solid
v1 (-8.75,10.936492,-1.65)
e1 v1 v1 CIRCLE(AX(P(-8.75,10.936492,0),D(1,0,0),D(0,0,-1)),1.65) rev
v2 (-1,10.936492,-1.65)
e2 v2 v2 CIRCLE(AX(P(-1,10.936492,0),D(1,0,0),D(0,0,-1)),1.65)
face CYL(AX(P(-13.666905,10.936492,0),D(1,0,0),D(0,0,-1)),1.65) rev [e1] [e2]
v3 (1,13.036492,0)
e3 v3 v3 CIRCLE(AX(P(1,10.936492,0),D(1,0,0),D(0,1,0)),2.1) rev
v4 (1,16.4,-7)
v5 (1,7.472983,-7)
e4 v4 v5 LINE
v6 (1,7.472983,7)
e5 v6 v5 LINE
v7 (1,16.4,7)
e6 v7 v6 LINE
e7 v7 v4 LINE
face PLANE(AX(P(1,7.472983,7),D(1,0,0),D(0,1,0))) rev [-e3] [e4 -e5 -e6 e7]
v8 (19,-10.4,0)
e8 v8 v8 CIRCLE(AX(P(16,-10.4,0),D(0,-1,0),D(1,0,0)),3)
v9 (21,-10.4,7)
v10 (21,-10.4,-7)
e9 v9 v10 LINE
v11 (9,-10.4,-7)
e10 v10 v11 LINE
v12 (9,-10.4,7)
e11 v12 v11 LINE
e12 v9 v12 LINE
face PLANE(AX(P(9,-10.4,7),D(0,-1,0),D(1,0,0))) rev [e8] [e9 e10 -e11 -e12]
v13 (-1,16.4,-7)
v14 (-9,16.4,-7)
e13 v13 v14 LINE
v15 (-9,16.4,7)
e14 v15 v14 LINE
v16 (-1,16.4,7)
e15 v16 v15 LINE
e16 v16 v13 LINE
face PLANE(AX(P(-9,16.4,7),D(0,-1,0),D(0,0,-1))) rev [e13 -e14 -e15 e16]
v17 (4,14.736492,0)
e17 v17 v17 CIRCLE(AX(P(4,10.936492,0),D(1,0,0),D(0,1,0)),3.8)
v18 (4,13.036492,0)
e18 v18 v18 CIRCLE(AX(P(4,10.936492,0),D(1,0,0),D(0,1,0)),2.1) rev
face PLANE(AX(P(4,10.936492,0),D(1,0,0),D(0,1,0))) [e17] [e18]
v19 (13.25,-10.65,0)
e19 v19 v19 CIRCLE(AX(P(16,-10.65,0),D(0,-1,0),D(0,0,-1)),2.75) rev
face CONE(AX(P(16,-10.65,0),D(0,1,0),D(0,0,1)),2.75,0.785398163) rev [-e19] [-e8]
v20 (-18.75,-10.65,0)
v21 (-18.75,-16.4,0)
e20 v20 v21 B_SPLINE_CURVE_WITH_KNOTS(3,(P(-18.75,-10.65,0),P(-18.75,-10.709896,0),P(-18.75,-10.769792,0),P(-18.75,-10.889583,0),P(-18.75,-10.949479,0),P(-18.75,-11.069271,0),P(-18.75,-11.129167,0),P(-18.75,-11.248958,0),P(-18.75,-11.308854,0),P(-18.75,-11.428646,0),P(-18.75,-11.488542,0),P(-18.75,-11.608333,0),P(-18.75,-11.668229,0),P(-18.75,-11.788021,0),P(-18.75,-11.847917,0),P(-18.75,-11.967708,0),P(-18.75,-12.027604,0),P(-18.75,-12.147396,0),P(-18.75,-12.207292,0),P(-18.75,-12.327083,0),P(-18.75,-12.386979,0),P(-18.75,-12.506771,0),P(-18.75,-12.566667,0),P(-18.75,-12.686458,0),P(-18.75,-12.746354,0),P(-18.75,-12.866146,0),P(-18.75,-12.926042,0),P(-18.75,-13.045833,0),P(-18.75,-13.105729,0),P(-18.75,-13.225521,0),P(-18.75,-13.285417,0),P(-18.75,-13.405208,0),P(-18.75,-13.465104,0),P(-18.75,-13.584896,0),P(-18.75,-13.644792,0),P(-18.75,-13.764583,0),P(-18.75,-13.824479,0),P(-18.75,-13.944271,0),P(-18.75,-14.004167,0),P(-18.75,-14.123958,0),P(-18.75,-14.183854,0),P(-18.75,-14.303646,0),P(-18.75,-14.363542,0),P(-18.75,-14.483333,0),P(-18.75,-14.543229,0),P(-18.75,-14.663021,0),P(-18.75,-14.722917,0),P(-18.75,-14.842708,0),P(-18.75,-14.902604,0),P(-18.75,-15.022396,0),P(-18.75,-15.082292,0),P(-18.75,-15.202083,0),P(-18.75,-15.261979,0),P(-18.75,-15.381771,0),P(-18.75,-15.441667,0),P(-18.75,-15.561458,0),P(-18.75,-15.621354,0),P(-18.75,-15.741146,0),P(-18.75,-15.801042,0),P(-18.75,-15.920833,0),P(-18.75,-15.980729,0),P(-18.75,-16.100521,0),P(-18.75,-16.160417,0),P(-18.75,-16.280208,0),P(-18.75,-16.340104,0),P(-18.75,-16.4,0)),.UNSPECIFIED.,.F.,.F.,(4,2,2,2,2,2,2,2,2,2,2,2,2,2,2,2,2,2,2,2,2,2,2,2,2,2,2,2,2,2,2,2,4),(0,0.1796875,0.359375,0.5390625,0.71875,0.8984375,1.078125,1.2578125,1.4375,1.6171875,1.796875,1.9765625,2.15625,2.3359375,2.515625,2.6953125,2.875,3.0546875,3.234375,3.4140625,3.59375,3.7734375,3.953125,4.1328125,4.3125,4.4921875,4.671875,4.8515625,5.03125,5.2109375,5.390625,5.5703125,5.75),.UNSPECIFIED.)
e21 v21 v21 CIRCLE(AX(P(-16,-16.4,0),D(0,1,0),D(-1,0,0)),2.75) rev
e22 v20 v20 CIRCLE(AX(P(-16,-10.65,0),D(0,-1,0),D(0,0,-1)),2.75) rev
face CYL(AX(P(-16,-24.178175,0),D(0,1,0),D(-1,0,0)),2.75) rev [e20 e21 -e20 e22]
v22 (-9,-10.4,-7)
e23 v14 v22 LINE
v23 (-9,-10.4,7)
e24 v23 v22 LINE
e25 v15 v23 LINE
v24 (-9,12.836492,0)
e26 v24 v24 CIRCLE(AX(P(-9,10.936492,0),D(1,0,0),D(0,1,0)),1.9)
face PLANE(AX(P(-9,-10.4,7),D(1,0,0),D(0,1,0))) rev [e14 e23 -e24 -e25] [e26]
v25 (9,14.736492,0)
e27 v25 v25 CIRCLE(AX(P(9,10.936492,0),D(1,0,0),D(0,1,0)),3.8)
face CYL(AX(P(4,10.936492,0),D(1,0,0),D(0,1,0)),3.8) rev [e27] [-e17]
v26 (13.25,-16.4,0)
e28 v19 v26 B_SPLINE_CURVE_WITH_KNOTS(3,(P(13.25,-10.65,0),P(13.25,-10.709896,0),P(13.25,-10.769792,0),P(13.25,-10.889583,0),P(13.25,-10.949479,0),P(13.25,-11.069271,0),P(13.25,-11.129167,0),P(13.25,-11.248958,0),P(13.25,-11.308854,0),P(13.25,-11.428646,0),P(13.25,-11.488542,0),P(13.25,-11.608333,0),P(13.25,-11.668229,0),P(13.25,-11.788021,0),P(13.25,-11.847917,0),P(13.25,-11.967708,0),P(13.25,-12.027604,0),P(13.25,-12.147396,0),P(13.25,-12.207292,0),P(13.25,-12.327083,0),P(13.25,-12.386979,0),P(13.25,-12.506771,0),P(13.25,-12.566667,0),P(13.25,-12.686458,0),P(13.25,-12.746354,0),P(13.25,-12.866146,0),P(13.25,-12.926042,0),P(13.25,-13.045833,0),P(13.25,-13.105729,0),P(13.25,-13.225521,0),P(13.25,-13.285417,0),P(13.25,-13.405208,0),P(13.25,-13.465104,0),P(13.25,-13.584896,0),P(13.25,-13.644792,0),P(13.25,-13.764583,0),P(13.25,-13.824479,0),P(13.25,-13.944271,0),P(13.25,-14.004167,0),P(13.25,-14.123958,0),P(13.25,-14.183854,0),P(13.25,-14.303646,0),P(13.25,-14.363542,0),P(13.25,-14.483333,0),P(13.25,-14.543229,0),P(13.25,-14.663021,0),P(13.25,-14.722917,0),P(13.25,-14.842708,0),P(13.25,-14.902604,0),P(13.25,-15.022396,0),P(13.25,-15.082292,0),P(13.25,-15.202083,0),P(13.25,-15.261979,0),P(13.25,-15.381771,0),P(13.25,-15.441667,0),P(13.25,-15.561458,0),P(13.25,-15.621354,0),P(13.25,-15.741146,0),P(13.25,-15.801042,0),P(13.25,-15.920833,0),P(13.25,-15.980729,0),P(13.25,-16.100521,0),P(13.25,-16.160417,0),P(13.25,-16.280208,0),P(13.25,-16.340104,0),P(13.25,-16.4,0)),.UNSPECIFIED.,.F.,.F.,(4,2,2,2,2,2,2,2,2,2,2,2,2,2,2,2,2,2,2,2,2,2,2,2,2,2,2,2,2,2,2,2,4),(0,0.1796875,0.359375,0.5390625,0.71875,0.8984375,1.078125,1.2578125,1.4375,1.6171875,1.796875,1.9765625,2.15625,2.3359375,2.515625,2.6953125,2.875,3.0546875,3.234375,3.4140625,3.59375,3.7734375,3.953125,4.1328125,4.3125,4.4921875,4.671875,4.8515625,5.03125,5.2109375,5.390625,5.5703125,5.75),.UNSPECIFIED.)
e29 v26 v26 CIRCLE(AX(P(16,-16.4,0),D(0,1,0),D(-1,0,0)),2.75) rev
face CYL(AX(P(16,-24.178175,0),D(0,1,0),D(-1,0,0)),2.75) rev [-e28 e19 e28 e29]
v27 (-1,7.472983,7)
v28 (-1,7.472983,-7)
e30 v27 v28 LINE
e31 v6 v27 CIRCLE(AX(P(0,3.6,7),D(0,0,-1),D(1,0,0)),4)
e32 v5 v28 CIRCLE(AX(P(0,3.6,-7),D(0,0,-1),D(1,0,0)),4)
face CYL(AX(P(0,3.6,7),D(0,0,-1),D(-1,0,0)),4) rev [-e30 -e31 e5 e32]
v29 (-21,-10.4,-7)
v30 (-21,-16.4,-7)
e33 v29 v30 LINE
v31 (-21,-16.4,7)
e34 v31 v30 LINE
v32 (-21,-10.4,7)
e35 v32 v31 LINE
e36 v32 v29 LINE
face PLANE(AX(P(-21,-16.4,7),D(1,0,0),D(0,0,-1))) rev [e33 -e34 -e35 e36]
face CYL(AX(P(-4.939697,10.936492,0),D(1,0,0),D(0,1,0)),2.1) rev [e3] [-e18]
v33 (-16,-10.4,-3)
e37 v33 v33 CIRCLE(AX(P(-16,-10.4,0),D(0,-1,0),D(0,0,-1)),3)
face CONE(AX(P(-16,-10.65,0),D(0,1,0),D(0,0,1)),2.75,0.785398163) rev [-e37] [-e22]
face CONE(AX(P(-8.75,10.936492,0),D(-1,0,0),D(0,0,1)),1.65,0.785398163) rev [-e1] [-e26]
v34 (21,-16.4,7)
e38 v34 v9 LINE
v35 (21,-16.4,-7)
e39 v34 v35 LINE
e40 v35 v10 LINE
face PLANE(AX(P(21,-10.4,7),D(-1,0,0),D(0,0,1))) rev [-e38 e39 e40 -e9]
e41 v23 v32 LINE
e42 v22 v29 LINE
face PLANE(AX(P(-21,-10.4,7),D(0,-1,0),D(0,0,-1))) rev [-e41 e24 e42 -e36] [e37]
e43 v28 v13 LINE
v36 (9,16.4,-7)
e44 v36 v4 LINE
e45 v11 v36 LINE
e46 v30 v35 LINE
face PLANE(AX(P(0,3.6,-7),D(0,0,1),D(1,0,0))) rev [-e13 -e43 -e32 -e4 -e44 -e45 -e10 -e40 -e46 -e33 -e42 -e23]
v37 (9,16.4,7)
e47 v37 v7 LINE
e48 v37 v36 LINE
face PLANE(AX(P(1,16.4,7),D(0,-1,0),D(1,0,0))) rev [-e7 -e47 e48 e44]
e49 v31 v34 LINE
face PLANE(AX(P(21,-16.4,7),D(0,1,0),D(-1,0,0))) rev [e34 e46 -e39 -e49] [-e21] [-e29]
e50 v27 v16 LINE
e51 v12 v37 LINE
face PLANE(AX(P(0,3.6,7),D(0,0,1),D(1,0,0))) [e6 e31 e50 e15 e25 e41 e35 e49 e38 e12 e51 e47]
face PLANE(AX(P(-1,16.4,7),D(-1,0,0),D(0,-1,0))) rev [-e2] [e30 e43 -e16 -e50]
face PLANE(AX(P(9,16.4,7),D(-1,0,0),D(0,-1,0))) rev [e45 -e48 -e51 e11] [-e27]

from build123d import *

# Parameters (mm, degrees)
EXTRUDE_1_DEPTH     = 7
SKETCH_2_R          = 2.75
CUT_EXTRUDE_1_DEPTH = 6
SKETCH_4_R          = 1.65
CUT_EXTRUDE_2_DEPTH = 8
SKETCH_5_R          = 2.1
CUT_EXTRUDE_3_DEPTH = 8
SKETCH_6_R          = 3.8
CUT_EXTRUDE_4_DEPTH = 5
CHAMFER_1_SIZE      = 0.25


with BuildPart() as part:
    # Эскиз1 → Бобышка-Вытянуть1 (new, symmetric)
    with BuildSketch(Plane.XY):
        with BuildLine():
            Line((-9, 16.4), (-1, 16.4))
            Line((-1, 16.4), (-1, 7.472983346))
            ThreePointArc((-1, 7.472983346), (0, -0.4), (1, 7.472983346))
            Line((1, 7.472983346), (1, 16.4))
            Line((1, 16.4), (9, 16.4))
            Line((9, 16.4), (9, -10.4))
            Line((9, -10.4), (21, -10.4))
            Line((21, -10.4), (21, -16.4))
            Line((21, -16.4), (-21, -16.4))
            Line((-21, -16.4), (-21, -10.4))
            Line((-21, -10.4), (-9, -10.4))
            Line((-9, -10.4), (-9, 16.4))
        make_face()
    extrude(amount=EXTRUDE_1_DEPTH, both=True)

    # Эскиз2 → Вырез-Вытянуть1 (cut)
    with BuildSketch(Plane(origin=(0, -10.4, 0), x_dir=(1, 0, 0), z_dir=(0, 1, 0))):
        with Locations(Location((-16, 0, 0), (0, 0, 180))):
            Circle(SKETCH_2_R)
        with Locations(Location((16, 0, 0), (0, 0, 180))):
            Circle(SKETCH_2_R)
    extrude(amount=-CUT_EXTRUDE_1_DEPTH, mode=Mode.SUBTRACT)

    # Эскиз4 → Вырез-Вытянуть2 (cut)
    with BuildSketch(Plane(origin=(-1, 0, 0), x_dir=(0, 0, -1), z_dir=(1, 0, 0))):
        with Locations((0, 10.936491673)):
            Circle(SKETCH_4_R)
    extrude(amount=-CUT_EXTRUDE_2_DEPTH, mode=Mode.SUBTRACT)

    # Эскиз5 → Вырез-Вытянуть3 (cut)
    with BuildSketch(Plane(origin=(9, 0, 0), x_dir=(0, 0, -1), z_dir=(1, 0, 0))):
        with Locations(Location((0, 10.936491673, 0), (0, 0, 90))):
            Circle(SKETCH_5_R)
    extrude(amount=-CUT_EXTRUDE_3_DEPTH, mode=Mode.SUBTRACT)

    # Эскиз6 → Вырез-Вытянуть4 (cut)
    with BuildSketch(Plane(origin=(9, 0, 0), x_dir=(0, 0, -1), z_dir=(1, 0, 0))):
        with Locations(Location((0, 10.936491673, 0), (0, 0, 90))):
            Circle(SKETCH_6_R)
    extrude(amount=-CUT_EXTRUDE_4_DEPTH, mode=Mode.SUBTRACT)

    # Фаска1
    chamfer_1_edges = [part.edges().sort_by_distance(p)[0] for p in [
        (-13.25, -10.4, 0),
        (18.75, -10.4, 0),
        (-9, 10.936491673, 1.65),
    ]]
    chamfer(chamfer_1_edges, length=CHAMFER_1_SIZE)


solid = part.part
